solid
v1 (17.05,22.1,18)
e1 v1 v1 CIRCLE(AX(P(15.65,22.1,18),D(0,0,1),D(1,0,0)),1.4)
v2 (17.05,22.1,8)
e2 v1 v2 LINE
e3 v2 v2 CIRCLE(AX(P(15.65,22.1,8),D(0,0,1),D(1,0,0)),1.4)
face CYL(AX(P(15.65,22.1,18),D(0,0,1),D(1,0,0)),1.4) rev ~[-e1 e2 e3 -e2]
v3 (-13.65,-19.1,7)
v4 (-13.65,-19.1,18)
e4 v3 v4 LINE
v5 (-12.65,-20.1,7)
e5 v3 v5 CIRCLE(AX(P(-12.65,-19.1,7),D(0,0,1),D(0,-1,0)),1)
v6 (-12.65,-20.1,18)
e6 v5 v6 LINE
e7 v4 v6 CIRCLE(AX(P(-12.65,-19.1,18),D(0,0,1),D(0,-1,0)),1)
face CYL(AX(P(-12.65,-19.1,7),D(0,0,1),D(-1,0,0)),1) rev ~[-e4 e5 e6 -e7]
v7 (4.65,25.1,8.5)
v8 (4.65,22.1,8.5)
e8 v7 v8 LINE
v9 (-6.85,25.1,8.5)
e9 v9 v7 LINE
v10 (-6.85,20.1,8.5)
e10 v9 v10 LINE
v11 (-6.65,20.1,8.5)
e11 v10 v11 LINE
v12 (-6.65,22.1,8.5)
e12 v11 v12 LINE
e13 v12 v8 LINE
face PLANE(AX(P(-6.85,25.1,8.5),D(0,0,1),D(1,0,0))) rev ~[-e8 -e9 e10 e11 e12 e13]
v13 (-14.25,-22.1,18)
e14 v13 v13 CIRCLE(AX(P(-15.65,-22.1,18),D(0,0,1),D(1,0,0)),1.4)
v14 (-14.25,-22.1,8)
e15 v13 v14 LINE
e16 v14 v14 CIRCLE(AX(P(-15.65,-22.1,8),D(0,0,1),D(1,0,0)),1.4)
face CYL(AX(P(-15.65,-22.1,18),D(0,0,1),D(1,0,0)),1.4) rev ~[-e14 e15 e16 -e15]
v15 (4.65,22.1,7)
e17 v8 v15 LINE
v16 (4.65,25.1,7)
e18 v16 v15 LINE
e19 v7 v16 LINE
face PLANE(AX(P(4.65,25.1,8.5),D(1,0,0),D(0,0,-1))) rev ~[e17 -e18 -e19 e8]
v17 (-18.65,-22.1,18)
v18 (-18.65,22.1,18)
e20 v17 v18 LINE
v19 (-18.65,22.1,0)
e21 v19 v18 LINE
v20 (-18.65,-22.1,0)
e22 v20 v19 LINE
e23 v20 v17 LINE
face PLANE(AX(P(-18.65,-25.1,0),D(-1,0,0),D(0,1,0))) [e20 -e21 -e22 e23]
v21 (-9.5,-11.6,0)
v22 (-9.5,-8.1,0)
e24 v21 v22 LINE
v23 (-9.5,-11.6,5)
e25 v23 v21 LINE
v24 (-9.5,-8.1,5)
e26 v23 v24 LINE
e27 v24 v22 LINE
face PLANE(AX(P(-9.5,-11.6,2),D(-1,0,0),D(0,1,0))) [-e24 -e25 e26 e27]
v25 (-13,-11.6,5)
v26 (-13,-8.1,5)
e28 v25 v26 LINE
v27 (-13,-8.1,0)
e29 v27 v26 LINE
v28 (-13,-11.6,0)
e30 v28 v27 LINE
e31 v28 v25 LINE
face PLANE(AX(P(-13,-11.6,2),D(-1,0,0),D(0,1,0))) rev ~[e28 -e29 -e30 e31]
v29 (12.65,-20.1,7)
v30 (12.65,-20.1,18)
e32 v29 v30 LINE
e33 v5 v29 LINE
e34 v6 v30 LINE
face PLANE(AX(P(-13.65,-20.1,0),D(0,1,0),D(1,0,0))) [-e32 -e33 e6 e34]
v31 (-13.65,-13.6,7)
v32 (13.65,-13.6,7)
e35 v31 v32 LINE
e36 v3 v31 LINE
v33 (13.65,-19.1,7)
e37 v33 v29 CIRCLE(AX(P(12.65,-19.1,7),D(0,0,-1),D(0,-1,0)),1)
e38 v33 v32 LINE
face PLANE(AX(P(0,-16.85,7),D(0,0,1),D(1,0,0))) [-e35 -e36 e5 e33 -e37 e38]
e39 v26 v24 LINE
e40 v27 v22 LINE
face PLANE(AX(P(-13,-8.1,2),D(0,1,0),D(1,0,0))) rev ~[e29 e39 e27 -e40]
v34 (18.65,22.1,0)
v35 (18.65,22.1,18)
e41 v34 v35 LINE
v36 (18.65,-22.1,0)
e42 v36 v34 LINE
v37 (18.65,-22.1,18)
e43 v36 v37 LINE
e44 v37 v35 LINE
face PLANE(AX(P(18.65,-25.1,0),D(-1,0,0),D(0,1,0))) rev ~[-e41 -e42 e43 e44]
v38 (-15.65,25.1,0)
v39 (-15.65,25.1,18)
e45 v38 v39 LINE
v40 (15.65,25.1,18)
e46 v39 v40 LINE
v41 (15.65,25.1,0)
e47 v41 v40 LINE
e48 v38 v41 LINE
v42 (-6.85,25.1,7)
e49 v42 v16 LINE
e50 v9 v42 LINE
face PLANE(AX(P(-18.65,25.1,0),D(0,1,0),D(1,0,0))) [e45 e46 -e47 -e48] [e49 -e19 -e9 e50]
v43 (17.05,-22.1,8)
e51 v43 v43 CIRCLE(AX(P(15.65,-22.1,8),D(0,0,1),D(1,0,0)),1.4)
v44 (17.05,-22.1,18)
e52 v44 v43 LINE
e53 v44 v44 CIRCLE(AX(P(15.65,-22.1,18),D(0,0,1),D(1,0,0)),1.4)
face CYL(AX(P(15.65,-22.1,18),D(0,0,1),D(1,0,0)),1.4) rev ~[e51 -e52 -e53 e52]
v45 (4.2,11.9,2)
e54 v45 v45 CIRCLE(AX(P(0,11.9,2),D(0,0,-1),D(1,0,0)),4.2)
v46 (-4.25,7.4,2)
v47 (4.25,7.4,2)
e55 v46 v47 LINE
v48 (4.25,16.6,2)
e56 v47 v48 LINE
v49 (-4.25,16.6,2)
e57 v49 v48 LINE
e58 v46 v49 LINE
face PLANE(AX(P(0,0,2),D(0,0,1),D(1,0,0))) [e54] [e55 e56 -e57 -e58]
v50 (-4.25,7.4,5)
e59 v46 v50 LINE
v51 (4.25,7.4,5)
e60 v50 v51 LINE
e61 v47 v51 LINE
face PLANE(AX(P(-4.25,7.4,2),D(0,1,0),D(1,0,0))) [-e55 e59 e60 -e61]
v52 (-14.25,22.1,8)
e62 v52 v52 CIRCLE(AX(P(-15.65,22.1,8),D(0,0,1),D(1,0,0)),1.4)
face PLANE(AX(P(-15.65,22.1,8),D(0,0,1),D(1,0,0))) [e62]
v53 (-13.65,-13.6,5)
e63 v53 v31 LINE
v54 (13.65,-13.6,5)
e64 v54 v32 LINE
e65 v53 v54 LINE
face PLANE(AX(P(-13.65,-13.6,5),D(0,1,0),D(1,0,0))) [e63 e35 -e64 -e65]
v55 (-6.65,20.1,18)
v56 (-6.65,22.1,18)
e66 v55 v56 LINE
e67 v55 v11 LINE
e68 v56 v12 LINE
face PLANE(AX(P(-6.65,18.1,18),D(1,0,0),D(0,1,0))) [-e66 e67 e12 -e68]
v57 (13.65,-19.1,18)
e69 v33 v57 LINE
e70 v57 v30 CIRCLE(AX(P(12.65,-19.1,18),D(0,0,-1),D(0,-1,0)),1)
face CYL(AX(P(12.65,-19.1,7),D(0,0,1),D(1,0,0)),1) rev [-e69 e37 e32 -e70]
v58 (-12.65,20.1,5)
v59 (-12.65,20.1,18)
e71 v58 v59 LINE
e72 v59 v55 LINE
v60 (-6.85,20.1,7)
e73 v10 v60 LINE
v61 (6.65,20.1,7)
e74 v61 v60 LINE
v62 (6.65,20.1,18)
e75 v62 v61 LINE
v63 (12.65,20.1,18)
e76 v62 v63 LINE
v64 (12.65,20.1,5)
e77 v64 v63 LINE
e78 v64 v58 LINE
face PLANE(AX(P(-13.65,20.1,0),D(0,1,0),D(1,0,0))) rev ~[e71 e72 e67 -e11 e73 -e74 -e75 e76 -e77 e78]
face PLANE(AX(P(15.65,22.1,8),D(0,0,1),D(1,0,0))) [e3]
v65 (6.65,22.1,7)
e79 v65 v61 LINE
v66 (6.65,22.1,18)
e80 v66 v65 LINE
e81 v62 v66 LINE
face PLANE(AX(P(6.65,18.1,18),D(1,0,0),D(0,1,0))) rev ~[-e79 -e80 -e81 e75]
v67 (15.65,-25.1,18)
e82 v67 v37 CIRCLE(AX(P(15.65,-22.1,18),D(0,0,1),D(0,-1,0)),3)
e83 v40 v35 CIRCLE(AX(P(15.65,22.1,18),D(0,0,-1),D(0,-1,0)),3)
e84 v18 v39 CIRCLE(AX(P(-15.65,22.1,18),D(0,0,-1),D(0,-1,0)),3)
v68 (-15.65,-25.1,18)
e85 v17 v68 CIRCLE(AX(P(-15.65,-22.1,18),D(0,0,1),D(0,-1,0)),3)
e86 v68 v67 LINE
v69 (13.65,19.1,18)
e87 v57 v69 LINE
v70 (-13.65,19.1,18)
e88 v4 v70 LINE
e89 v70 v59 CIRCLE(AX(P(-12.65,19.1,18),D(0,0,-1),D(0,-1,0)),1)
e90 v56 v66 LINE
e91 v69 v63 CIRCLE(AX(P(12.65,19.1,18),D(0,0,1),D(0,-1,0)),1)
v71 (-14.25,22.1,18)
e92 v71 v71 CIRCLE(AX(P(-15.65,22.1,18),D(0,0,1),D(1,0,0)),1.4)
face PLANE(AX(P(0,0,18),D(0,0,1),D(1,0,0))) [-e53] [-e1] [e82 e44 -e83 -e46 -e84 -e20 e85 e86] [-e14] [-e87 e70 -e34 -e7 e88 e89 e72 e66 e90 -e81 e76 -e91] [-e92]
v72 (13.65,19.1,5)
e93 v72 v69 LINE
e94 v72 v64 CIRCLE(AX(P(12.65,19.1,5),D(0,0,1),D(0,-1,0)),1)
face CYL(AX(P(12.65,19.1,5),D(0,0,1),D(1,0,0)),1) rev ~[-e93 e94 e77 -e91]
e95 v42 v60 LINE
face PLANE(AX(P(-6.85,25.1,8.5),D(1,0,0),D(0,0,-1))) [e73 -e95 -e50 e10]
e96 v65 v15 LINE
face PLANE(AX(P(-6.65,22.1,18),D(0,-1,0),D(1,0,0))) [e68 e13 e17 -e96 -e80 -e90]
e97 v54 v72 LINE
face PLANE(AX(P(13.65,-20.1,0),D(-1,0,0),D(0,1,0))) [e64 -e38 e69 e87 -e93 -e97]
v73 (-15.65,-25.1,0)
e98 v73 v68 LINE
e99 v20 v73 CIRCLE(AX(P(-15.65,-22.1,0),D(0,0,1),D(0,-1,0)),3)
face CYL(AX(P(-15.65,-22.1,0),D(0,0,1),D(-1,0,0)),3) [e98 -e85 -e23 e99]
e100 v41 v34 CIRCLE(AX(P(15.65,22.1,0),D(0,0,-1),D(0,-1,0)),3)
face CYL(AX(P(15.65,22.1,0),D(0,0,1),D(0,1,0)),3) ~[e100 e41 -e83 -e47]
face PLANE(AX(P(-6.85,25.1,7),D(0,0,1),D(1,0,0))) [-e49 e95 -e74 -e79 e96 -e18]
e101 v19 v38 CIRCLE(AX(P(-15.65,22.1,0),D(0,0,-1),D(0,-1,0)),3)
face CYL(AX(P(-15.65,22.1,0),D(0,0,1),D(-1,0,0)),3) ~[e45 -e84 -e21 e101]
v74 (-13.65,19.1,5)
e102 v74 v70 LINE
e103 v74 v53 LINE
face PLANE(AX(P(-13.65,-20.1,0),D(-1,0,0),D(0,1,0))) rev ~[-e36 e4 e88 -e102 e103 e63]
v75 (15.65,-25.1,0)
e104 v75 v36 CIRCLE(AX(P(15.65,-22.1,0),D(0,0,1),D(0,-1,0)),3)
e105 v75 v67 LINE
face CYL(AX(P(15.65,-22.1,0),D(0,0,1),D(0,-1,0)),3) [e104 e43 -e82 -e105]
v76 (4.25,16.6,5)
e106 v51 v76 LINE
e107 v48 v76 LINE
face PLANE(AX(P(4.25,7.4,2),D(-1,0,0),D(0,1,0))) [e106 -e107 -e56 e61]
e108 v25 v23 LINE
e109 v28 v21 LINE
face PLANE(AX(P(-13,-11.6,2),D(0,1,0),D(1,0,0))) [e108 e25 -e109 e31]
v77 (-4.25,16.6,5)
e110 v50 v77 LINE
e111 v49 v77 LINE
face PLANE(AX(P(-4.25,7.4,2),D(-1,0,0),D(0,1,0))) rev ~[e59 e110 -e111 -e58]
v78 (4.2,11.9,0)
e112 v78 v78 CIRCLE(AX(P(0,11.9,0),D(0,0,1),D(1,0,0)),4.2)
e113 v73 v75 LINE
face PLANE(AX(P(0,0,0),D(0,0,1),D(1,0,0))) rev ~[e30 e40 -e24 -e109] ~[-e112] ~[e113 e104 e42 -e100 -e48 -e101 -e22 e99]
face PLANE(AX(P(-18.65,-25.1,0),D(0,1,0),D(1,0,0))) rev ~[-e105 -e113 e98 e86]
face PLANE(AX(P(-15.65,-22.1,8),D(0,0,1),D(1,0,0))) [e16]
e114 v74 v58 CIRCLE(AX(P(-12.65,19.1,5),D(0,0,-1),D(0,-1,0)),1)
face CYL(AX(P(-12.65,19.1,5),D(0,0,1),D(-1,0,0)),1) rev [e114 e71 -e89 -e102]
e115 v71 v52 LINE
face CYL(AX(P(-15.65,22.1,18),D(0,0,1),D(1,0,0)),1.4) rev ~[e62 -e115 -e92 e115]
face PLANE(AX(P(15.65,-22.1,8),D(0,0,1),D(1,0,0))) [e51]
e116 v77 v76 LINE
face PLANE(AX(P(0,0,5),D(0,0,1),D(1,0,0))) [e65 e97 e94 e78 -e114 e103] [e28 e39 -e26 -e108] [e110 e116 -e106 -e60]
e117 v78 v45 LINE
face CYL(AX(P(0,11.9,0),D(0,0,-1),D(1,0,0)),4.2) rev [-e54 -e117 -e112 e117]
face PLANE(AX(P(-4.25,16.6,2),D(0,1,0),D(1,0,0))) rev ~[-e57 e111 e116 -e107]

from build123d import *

# Parameters (mm, degrees)
SKETCH_1_W          = 37.3
SKETCH_1_H          = 50.2
SKETCH_1_W_2        = 27.3
SKETCH_1_H_2        = 40.2
EXTRUDE_1_DEPTH     = 18
SKETCH_1_2_W        = 27.3
SKETCH_1_2_H        = 40.2
EXTRUDE_2_DEPTH     = 2
SKETCH_2_R          = 4.2
CUT_EXTRUDE_2_DEPTH = 37.080916008
SKETCH_3_W          = 3.5
SKETCH_3_H          = 3.5
CUT_EXTRUDE_3_DEPTH = 36.125951944
SKETCH_4_W          = 8.5
SKETCH_4_H          = 9.2
SKETCH_4_W_2        = 3.5
SKETCH_4_H_2        = 3.5
EXTRUDE_3_DEPTH     = 3
SKETCH_5_W          = 27.3
SKETCH_5_H          = 6.5
EXTRUDE_4_DEPTH     = 2
SKETCH_6_W          = 11.5
SKETCH_6_H          = 1.5
CUT_EXTRUDE_4_DEPTH = 10
FILLET_1_R          = 1
FILLET_2_R          = 3
SKETCH_7_R          = 1.4
CUT_EXTRUDE_5_DEPTH = 10
CUT_EXTRUDE_6_REACH = 38.081
SKETCH_8_W          = 13.3
SKETCH_8_H          = 4


with BuildPart() as part:
    # 스케치1 → 보스-돌출1 (new body)
    with BuildSketch(Plane.XY):
        Rectangle(SKETCH_1_W, SKETCH_1_H)
        Rectangle(SKETCH_1_W_2, SKETCH_1_H_2, mode=Mode.SUBTRACT)
    extrude(amount=EXTRUDE_1_DEPTH)

    # 스케치1<2> → 보스-돌출2 (add)
    with BuildSketch(Plane.XY):
        Rectangle(SKETCH_1_2_W, SKETCH_1_2_H)
    extrude(amount=EXTRUDE_2_DEPTH)

    # 스케치2 → 컷-돌출2 (cut, through all)
    with BuildSketch(Plane.XY):
        with Locations((0, 11.9)):
            Circle(SKETCH_2_R)
    extrude(amount=CUT_EXTRUDE_2_DEPTH, mode=Mode.SUBTRACT)

    # 스케치3 → 컷-돌출3 (cut, through all)
    with BuildSketch(Plane.XY.offset(2)):
        with Locations((-11.25, -9.85)):
            Rectangle(SKETCH_3_W, SKETCH_3_H)
    extrude(amount=-CUT_EXTRUDE_3_DEPTH, mode=Mode.SUBTRACT)

    # 스케치4 → 보스-돌출3 (add)
    with BuildSketch(Plane.XY.offset(2)):
        Polygon((-13.65, -20.1), (13.65, -20.1), (13.65, 20.1), (4.25, 20.1), (-4.25, 20.1), (-13.65, 20.1), align=None)
        with Locations((0, 12)):
            Rectangle(SKETCH_4_W, SKETCH_4_H, mode=Mode.SUBTRACT)
        with Locations((-11.25, -9.85)):
            Rectangle(SKETCH_4_W_2, SKETCH_4_H_2, mode=Mode.SUBTRACT)
    extrude(amount=EXTRUDE_3_DEPTH)

    # 스케치5 → 보스-돌출4 (add)
    with BuildSketch(Plane.XY.offset(5)):
        with Locations((0, -16.85)):
            Rectangle(SKETCH_5_W, SKETCH_5_H)
    extrude(amount=EXTRUDE_4_DEPTH)

    # 스케치6 → 컷-돌출4 (cut)
    with BuildSketch(Plane(origin=(0, 25.1, 0), x_dir=(1, 0, 0), z_dir=(0, 1, 0))):
        with Locations((-1.1, -7.75)):
            Rectangle(SKETCH_6_W, SKETCH_6_H)
    extrude(amount=-CUT_EXTRUDE_4_DEPTH, mode=Mode.SUBTRACT)

    # 필렛1
    fillet_1_edges = [part.edges().sort_by_distance(p)[0] for p in [
        (13.65, -20.1, 12.5),
        (13.65, 20.1, 11.5),
        (-13.65, 20.1, 11.5),
        (-13.65, -20.1, 12.5),
    ]]
    fillet(fillet_1_edges, radius=FILLET_1_R)

    # 필렛2
    fillet_2_edges = [part.edges().sort_by_distance(p)[0] for p in [
        (18.65, -25.1, 9),
        (-18.65, -25.1, 9),
        (-18.65, 25.1, 9),
        (18.65, 25.1, 9),
    ]]
    fillet(fillet_2_edges, radius=FILLET_2_R)

    # 스케치7 → 컷-돌출5 (cut)
    with BuildSketch(Plane.XY.offset(18)):
        with Locations((-15.65, 22.1)):
            Circle(SKETCH_7_R)
        with Locations((15.65, 22.1)):
            Circle(SKETCH_7_R)
        with Locations((-15.65, -22.1)):
            Circle(SKETCH_7_R)
        with Locations((15.65, -22.1)):
            Circle(SKETCH_7_R)
    extrude(amount=-CUT_EXTRUDE_5_DEPTH, mode=Mode.SUBTRACT)

    # 컷-돌출6: up to this face of the body (flat: up to its plane)
    cut_extrude_6_end = Plane(part.part.faces().sort_by_distance((-1.1, 22.6, 7))[0])
    # 스케치8 → 컷-돌출6 (cut, up to the picked face)
    with BuildSketch(Plane.XY.offset(18), mode=Mode.PRIVATE) as cut_extrude_6_sk1:
        with Locations((0, 20.1)):
            Rectangle(SKETCH_8_W, SKETCH_8_H)
    cut_extrude_6_tool1 = split(extrude(cut_extrude_6_sk1.sketch, amount=-CUT_EXTRUDE_6_REACH, mode=Mode.PRIVATE), bisect_by=cut_extrude_6_end, keep=Keep.BOTH, mode=Mode.PRIVATE)
    add(cut_extrude_6_tool1.solids().sort_by(Axis((0, 20.1, 18), (0, 0, -1)))[0], mode=Mode.SUBTRACT)


solid = part.part
